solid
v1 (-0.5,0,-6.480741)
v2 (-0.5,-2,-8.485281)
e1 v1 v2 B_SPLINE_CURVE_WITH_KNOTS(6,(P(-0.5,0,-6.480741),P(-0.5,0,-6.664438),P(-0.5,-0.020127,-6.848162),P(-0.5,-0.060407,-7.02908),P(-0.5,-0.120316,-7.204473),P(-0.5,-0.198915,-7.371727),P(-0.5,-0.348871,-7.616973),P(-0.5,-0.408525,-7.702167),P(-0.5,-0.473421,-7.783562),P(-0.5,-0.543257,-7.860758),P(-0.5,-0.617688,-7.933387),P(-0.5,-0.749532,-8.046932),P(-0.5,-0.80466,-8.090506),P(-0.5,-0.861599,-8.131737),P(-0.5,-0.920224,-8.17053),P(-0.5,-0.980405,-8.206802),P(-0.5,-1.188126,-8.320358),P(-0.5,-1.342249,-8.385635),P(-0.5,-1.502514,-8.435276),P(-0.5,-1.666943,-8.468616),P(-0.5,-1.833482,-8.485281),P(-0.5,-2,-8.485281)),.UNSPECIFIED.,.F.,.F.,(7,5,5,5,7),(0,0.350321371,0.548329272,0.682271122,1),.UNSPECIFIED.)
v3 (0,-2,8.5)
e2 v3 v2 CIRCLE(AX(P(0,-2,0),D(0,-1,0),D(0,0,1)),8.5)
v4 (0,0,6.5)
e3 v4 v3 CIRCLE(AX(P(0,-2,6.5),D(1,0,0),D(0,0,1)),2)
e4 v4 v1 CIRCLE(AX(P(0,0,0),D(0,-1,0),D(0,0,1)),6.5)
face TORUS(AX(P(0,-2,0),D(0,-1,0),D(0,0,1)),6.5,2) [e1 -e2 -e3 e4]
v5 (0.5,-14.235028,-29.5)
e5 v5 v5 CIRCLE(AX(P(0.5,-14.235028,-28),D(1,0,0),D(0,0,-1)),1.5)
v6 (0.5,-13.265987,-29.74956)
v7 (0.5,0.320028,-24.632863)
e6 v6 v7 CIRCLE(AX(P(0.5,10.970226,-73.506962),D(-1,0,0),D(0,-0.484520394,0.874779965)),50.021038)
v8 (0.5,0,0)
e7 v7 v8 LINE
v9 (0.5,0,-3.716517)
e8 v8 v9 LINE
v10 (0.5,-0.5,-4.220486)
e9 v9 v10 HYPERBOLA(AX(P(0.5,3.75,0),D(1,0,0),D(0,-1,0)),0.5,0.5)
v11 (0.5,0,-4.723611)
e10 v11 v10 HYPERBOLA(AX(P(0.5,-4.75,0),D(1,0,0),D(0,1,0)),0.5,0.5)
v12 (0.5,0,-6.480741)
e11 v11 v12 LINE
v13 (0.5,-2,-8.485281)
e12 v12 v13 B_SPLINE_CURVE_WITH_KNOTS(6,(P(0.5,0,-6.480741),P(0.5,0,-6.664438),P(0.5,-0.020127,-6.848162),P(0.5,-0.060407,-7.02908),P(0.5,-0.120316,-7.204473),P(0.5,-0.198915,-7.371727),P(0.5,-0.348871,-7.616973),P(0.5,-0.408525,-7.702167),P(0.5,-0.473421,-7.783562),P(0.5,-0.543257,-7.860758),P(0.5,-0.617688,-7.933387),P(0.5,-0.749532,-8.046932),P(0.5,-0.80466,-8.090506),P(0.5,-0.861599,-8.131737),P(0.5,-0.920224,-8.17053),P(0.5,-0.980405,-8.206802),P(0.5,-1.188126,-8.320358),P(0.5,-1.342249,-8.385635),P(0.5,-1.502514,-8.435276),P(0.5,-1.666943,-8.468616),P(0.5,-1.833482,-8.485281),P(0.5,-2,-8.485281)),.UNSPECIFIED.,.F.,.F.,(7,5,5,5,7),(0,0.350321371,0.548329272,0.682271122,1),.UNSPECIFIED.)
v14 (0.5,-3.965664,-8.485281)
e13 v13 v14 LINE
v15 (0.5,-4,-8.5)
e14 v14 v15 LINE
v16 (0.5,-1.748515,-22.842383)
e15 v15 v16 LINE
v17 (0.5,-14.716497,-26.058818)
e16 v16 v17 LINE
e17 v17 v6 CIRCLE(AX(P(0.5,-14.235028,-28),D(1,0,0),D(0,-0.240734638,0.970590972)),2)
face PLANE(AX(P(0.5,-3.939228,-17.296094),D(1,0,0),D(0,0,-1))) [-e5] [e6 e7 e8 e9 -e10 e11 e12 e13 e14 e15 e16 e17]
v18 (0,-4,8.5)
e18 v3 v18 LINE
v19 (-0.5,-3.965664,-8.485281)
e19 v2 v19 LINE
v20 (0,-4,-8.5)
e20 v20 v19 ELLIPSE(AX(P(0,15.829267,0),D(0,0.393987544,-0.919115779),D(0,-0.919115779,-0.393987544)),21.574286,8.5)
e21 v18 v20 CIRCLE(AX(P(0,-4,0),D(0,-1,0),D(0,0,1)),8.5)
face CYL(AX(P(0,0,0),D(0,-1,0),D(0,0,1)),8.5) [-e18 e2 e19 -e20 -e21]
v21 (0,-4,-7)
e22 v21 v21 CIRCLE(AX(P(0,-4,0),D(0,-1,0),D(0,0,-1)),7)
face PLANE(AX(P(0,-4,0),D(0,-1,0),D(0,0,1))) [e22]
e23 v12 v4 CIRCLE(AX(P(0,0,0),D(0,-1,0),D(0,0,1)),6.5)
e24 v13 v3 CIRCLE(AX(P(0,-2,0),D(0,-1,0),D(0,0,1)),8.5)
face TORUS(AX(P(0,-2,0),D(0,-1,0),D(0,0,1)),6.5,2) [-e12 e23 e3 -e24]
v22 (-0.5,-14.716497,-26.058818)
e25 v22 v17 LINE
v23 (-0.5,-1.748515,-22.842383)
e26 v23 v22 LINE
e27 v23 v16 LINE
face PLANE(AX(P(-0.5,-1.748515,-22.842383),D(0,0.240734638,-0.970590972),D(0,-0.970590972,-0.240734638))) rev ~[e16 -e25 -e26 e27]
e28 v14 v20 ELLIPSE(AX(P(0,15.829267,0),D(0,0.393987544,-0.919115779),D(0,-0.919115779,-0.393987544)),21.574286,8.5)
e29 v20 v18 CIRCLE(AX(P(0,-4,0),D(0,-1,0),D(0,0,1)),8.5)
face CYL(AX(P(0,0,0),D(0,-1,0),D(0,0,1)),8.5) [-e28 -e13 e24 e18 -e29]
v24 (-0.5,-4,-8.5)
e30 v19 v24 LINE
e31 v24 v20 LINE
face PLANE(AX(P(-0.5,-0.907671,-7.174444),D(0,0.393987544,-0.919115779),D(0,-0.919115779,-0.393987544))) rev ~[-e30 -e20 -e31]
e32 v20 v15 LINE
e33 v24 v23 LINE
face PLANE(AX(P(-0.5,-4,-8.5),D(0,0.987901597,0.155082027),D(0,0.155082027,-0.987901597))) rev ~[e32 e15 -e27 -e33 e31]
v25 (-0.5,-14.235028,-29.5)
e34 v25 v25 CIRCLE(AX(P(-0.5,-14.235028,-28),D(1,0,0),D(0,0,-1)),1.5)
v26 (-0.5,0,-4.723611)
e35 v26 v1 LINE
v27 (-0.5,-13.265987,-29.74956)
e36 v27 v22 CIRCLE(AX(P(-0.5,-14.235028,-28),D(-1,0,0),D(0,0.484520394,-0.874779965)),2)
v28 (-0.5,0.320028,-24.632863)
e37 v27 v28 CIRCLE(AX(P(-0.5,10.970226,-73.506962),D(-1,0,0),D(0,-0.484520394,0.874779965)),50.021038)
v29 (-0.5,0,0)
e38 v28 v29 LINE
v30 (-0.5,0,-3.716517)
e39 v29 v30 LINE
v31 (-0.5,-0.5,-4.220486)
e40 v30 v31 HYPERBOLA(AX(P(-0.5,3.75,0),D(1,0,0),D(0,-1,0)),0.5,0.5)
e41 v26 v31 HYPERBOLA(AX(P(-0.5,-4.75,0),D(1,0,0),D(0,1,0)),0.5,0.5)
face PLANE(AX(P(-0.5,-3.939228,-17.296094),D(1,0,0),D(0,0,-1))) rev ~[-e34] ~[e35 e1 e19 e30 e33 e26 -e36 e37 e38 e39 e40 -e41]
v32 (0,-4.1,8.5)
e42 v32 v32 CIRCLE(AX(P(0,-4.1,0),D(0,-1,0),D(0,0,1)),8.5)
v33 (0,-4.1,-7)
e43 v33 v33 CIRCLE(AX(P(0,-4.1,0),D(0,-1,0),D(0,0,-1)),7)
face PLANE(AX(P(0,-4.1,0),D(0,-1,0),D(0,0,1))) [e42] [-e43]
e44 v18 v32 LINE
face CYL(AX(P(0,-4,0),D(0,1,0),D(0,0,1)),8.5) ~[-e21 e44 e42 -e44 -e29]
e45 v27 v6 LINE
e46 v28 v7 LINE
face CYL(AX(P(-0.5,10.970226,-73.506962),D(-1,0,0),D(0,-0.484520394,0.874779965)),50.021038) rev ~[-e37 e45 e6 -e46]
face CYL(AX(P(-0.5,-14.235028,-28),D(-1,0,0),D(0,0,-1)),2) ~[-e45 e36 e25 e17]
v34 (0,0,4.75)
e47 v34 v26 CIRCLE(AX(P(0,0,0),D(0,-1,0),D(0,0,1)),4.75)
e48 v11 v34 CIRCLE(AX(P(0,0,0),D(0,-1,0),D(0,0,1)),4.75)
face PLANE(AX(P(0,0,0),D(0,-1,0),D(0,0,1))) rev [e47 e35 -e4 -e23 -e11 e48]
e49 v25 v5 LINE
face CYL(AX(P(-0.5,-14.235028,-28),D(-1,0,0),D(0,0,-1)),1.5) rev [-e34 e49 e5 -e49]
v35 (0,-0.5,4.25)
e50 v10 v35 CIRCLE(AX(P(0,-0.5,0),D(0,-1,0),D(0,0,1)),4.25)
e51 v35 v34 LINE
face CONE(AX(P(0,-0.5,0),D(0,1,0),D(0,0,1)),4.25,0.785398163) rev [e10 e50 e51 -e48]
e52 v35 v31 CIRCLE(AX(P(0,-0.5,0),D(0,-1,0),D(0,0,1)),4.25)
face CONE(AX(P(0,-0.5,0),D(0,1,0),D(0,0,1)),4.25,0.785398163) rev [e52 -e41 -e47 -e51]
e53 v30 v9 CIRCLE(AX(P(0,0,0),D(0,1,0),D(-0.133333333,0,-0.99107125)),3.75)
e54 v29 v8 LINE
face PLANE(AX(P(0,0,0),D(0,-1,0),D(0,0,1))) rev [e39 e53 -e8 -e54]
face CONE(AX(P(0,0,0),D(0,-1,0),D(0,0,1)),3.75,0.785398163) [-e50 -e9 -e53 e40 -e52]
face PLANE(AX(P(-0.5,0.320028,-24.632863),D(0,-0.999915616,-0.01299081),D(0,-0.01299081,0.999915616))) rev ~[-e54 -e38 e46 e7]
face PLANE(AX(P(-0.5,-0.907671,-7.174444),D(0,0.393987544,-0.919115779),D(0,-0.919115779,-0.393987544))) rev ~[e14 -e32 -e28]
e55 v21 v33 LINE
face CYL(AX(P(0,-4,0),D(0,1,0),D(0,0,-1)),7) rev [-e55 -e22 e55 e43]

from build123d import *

# Parameters (mm, degrees)
FILLET1_R                = 2
SKETCH5_R                = 8.5
SKETCH5_R_2              = 7
BOSS_EXTRUDE1_DEPTH      = 0.1
BOSS_EXTRUDE2_DEPTH      = 0.5
BOSS_EXTRUDE2_DEPTH_BACK = 0.5
SKETCH6_R                = 1.5


with BuildPart() as part:
    # Sketch4 → Revolve1 (revolve)
    with BuildSketch(Plane(origin=(0, 0, 0), x_dir=(0, 0, -1), z_dir=(1, 0, 0))):
        Polygon((0, 0), (-3.75, 0), (-4.25, -0.5), (-4.75, 0), (-8.5, 0), (-8.5, -4), (0, -4), align=None)
    revolve(axis=Axis((0, 1.890471386, 0), (0, -1, 0)))

    # Fillet1
    fillet1_edges = [part.edges().sort_by_distance(p)[0] for p in [
        (0, 0, -8.5),
    ]]
    fillet(fillet1_edges, radius=FILLET1_R)



with BuildPart() as body_2:
    # Sketch5 → Boss-Extrude1 (new body)
    with BuildSketch(Plane.XZ.offset(4)):
        Circle(SKETCH5_R)
        Circle(SKETCH5_R_2, mode=Mode.SUBTRACT)
    extrude(amount=BOSS_EXTRUDE1_DEPTH)


with BuildPart() as part_1:
    add(part.part)

    add(body_2.part)  # Boss-Extrude2 merges body 2
    # Sketch6 → Boss-Extrude2 (add, two sides: drawn at the far end of the back side and taken through both)
    with BuildSketch(Plane(origin=(0, 0, 0), x_dir=(0, 0, -1), z_dir=(1, 0, 0)).offset(-BOSS_EXTRUDE2_DEPTH_BACK)):
        with BuildLine():
            Line((24.632863069, 0.320027848), (0, 0))
            Line((0, 0), (0, -0.907670556))
            Line((0, -0.907670556), (7.174444166, -0.907670556))
            Line((7.174444166, -0.907670556), (8.5, -4))
            Line((8.5, -4), (22.842383218, -1.748514767))
            Line((22.842383218, -1.748514767), (26.058818057, -14.716497452))
            ThreePointArc((26.058818057, -14.716497452), (28.731556293, -16.096432321), (29.74955993, -13.265987388))
            ThreePointArc((29.74955993, -13.265987388), (26.695705904, -6.6595946), (24.632863069, 0.320027848))
        make_face()
        with Locations((28, -14.235028176)):
            Circle(SKETCH6_R, mode=Mode.SUBTRACT)
    extrude(amount=BOSS_EXTRUDE2_DEPTH + BOSS_EXTRUDE2_DEPTH_BACK)


solid = part_1.part
